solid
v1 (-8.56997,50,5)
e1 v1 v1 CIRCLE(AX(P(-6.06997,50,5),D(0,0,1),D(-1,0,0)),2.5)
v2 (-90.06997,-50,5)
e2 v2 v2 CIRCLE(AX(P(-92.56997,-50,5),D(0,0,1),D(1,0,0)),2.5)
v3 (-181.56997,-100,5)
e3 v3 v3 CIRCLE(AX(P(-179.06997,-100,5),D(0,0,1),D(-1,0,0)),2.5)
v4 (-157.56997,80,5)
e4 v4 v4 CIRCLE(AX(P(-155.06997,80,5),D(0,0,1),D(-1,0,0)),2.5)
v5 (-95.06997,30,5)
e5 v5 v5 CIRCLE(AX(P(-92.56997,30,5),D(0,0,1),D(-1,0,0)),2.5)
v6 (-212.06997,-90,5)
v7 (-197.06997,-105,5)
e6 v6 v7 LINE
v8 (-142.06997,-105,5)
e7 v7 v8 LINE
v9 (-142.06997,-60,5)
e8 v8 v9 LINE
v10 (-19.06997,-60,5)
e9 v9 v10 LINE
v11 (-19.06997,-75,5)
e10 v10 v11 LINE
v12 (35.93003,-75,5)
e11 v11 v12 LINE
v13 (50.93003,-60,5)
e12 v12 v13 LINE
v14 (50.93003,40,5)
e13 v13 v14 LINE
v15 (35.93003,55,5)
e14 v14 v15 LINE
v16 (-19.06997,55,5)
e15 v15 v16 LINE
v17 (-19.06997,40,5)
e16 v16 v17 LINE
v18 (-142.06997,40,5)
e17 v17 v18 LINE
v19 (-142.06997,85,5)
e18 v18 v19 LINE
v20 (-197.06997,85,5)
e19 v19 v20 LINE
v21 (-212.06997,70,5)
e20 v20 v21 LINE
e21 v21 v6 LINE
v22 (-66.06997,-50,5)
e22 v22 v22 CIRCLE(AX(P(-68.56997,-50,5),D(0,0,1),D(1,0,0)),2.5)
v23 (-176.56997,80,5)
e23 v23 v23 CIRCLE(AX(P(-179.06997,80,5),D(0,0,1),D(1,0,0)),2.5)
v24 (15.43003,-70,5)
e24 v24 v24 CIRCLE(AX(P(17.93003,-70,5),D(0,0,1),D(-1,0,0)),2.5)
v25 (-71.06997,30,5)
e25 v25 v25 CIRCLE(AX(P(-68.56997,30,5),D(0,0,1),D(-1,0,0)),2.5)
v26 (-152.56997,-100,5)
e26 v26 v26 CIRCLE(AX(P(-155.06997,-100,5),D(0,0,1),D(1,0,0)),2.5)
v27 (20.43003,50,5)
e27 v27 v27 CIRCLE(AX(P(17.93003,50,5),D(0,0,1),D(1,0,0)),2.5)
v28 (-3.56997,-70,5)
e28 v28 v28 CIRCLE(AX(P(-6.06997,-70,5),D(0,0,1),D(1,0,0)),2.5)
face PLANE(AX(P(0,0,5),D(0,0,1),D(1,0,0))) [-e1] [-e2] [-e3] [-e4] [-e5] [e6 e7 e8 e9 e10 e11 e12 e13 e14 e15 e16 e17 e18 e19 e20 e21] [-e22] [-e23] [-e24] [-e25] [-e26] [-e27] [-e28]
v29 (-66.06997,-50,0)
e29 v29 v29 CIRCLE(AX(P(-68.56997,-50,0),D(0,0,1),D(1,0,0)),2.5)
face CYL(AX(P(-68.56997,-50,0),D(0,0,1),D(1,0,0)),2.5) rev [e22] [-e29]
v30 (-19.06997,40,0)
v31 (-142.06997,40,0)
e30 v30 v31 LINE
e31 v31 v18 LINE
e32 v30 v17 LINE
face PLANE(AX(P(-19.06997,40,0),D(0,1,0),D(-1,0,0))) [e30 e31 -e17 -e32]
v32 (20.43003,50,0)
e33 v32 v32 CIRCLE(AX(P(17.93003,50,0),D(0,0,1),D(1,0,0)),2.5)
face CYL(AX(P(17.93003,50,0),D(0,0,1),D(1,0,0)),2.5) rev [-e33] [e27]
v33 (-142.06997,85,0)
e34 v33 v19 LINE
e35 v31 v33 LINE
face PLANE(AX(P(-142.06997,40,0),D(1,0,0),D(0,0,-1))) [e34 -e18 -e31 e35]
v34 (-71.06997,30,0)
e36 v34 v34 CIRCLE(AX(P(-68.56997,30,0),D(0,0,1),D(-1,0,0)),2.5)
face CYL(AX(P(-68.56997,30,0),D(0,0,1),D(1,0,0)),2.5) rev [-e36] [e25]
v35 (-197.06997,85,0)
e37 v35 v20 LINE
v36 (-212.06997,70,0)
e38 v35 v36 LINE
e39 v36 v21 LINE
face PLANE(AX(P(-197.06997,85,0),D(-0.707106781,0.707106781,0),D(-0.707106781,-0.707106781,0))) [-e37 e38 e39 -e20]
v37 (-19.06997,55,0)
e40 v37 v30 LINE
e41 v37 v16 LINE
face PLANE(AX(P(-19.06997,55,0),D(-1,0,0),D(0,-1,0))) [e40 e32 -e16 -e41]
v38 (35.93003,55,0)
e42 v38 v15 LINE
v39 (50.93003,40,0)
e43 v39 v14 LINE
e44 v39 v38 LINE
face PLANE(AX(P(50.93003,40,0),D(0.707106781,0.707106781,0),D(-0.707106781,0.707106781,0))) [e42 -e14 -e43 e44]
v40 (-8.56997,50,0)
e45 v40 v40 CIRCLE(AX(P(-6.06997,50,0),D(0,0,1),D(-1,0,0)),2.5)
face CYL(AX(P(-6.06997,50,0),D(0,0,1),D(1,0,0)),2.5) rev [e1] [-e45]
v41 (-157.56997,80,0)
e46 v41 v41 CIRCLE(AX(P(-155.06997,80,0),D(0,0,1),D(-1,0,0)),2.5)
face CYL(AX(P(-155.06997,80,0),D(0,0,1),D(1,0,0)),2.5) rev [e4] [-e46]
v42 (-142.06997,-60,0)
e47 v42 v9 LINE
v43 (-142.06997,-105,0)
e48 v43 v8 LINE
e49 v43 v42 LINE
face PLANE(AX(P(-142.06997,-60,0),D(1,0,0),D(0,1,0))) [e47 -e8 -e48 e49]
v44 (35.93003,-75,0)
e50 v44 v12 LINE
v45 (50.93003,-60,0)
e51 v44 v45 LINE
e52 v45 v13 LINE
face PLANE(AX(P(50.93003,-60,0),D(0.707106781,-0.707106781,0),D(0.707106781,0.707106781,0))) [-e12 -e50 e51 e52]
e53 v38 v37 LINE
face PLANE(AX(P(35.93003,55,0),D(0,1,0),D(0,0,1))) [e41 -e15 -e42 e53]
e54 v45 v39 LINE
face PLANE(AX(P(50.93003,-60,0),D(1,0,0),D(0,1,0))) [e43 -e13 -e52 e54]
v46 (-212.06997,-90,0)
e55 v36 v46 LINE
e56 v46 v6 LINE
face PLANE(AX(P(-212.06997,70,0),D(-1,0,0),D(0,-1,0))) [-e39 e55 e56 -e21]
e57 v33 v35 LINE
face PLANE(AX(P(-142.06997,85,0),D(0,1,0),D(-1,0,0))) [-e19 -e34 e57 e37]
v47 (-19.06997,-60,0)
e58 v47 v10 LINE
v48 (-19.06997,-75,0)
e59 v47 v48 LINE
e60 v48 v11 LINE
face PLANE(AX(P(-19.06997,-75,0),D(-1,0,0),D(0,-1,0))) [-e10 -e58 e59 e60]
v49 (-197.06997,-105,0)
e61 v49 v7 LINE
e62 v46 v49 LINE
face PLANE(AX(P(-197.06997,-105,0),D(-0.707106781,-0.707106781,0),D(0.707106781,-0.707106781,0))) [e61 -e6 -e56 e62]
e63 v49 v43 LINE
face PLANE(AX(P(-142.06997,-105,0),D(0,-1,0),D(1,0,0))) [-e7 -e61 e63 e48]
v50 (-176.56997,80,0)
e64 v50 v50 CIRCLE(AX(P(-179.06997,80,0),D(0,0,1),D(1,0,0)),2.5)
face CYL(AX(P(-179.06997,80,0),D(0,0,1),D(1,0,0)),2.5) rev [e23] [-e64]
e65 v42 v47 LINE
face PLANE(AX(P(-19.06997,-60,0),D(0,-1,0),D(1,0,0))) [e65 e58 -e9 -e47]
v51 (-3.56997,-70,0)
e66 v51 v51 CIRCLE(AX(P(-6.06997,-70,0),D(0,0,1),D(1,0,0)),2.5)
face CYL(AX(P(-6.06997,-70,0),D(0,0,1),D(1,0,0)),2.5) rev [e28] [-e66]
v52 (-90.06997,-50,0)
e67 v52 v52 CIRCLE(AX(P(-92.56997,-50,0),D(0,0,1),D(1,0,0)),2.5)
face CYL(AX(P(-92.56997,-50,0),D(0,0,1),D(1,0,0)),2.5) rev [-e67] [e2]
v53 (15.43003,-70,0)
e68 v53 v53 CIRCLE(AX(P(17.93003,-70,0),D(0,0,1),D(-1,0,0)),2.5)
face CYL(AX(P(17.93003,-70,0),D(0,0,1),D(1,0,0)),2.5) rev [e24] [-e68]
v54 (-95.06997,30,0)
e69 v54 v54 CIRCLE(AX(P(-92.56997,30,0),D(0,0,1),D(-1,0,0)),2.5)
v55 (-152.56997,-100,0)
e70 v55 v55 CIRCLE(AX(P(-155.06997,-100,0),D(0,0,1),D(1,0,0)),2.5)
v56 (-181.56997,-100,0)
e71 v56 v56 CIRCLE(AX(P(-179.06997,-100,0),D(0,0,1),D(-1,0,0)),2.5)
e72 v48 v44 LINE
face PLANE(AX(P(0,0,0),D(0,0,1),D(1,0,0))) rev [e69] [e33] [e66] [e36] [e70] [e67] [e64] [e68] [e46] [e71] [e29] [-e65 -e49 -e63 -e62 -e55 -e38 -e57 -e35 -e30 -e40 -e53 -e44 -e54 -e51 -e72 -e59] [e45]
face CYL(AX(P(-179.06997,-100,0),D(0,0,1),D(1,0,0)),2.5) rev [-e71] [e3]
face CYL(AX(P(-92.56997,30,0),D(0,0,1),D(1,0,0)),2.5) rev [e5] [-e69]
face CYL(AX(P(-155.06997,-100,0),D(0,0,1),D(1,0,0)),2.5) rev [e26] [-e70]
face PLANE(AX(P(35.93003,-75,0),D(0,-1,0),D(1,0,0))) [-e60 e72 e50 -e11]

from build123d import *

# Parameters (mm, degrees)
SKETCH_1_R      = 2.5
EXTRUDE_1_DEPTH = 5


with BuildPart() as part:
    # 草图1 → 凸台-拉伸1 (new body)
    with BuildSketch(Plane.XY.offset(5)):
        Polygon((50.930030436, -59.99999996), (50.930030436, 39.999999938), (35.930030436, 54.999999938), (-19.069969566, 54.999999938), (-19.069969566, 39.999999989), (-142.069969574, 39.999999989), (-142.069969574, 84.999999989), (-197.069969604, 84.999999989), (-212.069969578, 70.000000014), (-212.069969578, -90.000000037), (-197.069969604, -105.000000011), (-142.069969574, -105.000000011), (-142.069969574, -60.000000011), (-19.069969566, -60.000000011), (-19.069969566, -74.99999996), (35.930030436, -74.99999996), align=None)
        with Locations((-179.069969574, 79.999999989)):
            Circle(SKETCH_1_R, mode=Mode.SUBTRACT)
        with Locations(Location((-6.069969566, 49.999999938, 0), (0, 0, 180))):
            Circle(SKETCH_1_R, mode=Mode.SUBTRACT)
        with Locations(Location((-155.069969574, 79.999999989, 0), (0, 0, 180))):
            Circle(SKETCH_1_R, mode=Mode.SUBTRACT)
        with Locations(Location((-92.569969578, 30.000000012, 0), (0, 0, 180))):
            Circle(SKETCH_1_R, mode=Mode.SUBTRACT)
        with Locations(Location((-68.569969578, 30, 0), (0, 0, 180))):
            Circle(SKETCH_1_R, mode=Mode.SUBTRACT)
        with Locations((17.930030434, 49.999999938)):
            Circle(SKETCH_1_R, mode=Mode.SUBTRACT)
        with Locations(Location((17.930030434, -69.99999996, 0), (0, 0, 180))):
            Circle(SKETCH_1_R, mode=Mode.SUBTRACT)
        with Locations((-68.569969578, -50.000000023)):
            Circle(SKETCH_1_R, mode=Mode.SUBTRACT)
        with Locations((-92.569969578, -50.000000034)):
            Circle(SKETCH_1_R, mode=Mode.SUBTRACT)
        with Locations((-155.069969574, -100.000000011)):
            Circle(SKETCH_1_R, mode=Mode.SUBTRACT)
        with Locations((-6.069969566, -69.99999996)):
            Circle(SKETCH_1_R, mode=Mode.SUBTRACT)
        with Locations(Location((-179.069969574, -100.000000011, 0), (0, 0, 180))):
            Circle(SKETCH_1_R, mode=Mode.SUBTRACT)
    extrude(amount=-EXTRUDE_1_DEPTH)


solid = part.part
